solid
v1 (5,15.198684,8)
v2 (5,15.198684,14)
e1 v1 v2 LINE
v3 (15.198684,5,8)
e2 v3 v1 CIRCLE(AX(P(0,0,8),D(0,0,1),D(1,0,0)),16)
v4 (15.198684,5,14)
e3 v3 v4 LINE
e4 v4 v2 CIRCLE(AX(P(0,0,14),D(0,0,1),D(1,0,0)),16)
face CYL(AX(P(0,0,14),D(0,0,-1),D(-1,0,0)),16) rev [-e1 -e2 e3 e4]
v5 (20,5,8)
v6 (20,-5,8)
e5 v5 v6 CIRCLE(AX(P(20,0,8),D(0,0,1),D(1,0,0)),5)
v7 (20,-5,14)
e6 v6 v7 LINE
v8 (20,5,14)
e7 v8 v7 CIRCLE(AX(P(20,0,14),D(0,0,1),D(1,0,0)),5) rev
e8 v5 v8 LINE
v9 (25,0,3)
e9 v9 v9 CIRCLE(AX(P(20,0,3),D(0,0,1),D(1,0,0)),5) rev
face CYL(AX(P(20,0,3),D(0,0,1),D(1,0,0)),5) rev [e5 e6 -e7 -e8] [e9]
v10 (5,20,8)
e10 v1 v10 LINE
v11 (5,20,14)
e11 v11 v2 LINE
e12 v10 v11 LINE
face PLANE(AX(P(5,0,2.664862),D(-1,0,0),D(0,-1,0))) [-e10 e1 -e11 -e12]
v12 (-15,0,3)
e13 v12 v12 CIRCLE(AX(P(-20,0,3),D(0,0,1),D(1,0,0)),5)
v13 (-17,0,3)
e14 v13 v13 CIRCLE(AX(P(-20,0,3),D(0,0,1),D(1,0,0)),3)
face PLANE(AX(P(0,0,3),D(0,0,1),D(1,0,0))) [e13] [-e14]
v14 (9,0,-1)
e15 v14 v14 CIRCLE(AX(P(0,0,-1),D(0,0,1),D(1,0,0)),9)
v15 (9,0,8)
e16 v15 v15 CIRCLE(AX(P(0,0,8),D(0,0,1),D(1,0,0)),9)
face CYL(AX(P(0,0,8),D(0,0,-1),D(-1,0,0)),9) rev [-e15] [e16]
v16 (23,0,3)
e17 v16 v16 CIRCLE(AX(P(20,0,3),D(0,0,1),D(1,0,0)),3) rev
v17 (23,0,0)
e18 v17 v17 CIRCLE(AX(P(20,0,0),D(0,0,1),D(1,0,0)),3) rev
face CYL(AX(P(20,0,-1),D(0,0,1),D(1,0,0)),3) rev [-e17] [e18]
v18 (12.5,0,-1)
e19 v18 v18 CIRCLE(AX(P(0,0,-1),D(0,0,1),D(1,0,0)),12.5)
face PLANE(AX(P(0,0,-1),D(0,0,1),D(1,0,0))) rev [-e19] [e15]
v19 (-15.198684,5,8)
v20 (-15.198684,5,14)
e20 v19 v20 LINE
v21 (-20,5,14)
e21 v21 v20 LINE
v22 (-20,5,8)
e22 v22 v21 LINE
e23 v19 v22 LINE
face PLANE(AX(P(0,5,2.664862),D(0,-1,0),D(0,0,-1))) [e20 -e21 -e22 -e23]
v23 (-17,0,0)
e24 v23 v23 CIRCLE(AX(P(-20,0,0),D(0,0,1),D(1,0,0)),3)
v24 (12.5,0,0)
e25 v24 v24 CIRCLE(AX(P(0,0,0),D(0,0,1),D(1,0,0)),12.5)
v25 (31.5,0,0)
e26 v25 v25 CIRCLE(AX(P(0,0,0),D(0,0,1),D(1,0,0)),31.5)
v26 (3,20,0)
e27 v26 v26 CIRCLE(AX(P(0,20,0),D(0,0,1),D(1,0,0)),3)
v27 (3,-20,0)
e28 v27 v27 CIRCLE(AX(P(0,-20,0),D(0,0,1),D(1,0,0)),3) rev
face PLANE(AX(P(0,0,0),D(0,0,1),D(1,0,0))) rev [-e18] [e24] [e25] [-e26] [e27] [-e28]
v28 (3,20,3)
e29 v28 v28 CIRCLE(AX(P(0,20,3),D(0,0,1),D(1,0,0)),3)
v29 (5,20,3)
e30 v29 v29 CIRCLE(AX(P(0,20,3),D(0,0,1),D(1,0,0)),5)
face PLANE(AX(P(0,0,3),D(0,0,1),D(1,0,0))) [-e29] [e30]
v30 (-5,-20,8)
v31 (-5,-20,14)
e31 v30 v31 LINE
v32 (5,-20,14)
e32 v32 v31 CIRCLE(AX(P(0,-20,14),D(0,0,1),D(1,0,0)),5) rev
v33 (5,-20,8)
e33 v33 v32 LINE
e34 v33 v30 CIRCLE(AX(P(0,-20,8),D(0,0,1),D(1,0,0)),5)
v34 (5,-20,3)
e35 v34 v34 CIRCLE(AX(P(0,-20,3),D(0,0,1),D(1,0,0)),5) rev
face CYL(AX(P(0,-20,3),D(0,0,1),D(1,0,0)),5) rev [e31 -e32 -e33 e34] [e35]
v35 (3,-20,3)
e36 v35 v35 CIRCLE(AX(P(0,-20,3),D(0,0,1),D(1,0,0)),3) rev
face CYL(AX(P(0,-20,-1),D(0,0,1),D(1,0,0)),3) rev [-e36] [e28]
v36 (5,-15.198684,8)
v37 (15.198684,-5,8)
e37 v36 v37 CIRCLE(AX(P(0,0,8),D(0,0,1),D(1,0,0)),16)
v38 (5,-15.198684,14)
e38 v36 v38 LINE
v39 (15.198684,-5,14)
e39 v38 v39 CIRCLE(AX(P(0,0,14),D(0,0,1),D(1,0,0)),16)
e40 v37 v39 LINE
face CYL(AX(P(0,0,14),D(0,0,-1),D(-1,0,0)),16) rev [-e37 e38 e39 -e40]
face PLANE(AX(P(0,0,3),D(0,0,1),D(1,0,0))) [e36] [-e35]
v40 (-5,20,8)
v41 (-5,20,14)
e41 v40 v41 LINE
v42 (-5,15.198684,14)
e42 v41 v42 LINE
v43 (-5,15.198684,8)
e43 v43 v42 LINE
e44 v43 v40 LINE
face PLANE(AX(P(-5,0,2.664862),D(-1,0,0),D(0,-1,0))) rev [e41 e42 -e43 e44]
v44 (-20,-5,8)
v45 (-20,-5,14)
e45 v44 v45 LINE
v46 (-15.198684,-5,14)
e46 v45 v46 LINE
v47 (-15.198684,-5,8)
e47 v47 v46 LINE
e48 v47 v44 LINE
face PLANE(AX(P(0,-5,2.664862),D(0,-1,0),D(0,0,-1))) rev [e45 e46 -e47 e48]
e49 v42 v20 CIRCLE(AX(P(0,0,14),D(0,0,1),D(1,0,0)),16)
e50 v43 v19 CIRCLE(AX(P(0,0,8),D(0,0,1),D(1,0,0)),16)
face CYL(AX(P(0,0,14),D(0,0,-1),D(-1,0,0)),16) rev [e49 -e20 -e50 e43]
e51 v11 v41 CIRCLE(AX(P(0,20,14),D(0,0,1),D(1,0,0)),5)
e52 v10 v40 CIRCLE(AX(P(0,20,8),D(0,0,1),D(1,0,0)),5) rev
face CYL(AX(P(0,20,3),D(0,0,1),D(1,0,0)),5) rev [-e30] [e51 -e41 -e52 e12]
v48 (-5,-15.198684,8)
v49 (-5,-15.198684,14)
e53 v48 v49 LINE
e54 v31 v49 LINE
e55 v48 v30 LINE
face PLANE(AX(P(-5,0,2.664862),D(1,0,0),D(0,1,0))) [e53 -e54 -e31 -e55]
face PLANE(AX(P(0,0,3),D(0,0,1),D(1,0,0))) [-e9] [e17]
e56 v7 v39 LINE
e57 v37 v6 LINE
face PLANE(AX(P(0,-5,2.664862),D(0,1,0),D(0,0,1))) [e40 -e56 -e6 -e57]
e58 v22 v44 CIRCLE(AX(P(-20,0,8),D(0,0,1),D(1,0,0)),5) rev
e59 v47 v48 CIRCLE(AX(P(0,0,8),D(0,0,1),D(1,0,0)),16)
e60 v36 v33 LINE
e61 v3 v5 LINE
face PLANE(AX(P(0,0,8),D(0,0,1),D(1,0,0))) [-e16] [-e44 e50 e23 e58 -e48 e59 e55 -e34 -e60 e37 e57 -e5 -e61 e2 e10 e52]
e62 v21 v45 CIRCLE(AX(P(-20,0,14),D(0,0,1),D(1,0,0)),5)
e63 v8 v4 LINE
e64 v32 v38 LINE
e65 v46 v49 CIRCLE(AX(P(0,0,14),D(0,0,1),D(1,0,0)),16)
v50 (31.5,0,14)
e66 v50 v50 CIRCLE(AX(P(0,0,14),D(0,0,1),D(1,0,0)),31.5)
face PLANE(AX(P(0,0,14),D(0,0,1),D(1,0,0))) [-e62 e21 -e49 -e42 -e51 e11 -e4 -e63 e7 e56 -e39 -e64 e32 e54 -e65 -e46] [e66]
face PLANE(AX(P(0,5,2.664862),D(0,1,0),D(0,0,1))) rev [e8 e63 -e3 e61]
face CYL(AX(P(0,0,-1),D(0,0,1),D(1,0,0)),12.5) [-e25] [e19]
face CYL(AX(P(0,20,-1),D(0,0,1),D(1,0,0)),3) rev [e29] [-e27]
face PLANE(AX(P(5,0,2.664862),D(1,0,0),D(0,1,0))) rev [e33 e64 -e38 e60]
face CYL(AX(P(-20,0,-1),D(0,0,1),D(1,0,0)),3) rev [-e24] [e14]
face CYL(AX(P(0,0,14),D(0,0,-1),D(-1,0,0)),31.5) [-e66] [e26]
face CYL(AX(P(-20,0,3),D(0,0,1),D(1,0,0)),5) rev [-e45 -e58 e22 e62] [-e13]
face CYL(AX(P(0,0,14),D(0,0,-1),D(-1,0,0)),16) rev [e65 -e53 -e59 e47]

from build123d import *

# Parameters (mm, degrees)
SKETCH1_R           = 31.5
SKETCH1_R_2         = 16
BOSS_EXTRUDE1_DEPTH = 14
SKETCH1_3_R         = 16
SKETCH1_3_R_2       = 12.5
SKETCH1_3_R_3       = 9
BOSS_EXTRUDE2_DEPTH = 8
SKETCH1_4_R         = 12.5
SKETCH1_4_R_2       = 9
BOSS_EXTRUDE3_DEPTH = 1
SKETCH2_R           = 3
CUT_EXTRUDE1_DEPTH  = 16
CUT_EXTRUDE2_DEPTH  = 6
SKETCH2_4_R         = 5
CUT_EXTRUDE3_DEPTH  = 11


with BuildPart() as part:
    # Sketch1 → Boss-Extrude1 (new body)
    with BuildSketch(Plane.XY):
        Circle(SKETCH1_R)
        Circle(SKETCH1_R_2, mode=Mode.SUBTRACT)
    extrude(amount=BOSS_EXTRUDE1_DEPTH)

    # Sketch1<3> → Boss-Extrude2 (add)
    with BuildSketch(Plane.XY):
        Circle(SKETCH1_3_R)
        Circle(SKETCH1_3_R_2, mode=Mode.SUBTRACT)
        Circle(SKETCH1_3_R_2)
        Circle(SKETCH1_3_R_3, mode=Mode.SUBTRACT)
    extrude(amount=BOSS_EXTRUDE2_DEPTH)

    # Sketch1<4> → Boss-Extrude3 (add)
    with BuildSketch(Plane.XY):
        Circle(SKETCH1_4_R)
        Circle(SKETCH1_4_R_2, mode=Mode.SUBTRACT)
    extrude(amount=-BOSS_EXTRUDE3_DEPTH)

    # Sketch2 → Cut-Extrude1 (cut, through all)
    with BuildSketch(Plane.XY.offset(14)):
        with Locations((-20, 0)):
            Circle(SKETCH2_R)
        with Locations((0, 20)):
            Circle(SKETCH2_R)
        with Locations((20, 0)):
            Circle(SKETCH2_R)
        with Locations((0, -20)):
            Circle(SKETCH2_R)
    extrude(amount=-CUT_EXTRUDE1_DEPTH, mode=Mode.SUBTRACT)

    # Sketch2<3> → Cut-Extrude2 (cut)
    with BuildSketch(Plane.XY.offset(14)):
        with BuildLine():
            Line((-20, -5), (-15.198684154, -5))
            ThreePointArc((-15.198684154, -5), (-15.53045532, -3.847721084), (-15.775, -2.67383152))
            ThreePointArc((-15.775, -2.67383152), (-17.588481557, -4.380020411), (-20, -5))
        make_face()
        with BuildLine():
            ThreePointArc((-20, 5), (-17.588481557, 4.380020411), (-15.775, 2.67383152))
            ThreePointArc((-15.775, 2.67383152), (-15.53045532, 3.847721084), (-15.198684154, 5))
            Line((-15.198684154, 5), (-20, 5))
        make_face()
        with BuildLine():
            Line((-5, 20), (-5, 15.198684154))
            ThreePointArc((-5, 15.198684154), (-3.847721084, 15.53045532), (-2.67383152, 15.775))
            ThreePointArc((-2.67383152, 15.775), (-4.380020411, 17.588481557), (-5, 20))
        make_face()
        with BuildLine():
            Line((5, 15.198684154), (5, 20))
            ThreePointArc((5, 20), (4.380020411, 17.588481557), (2.67383152, 15.775))
            ThreePointArc((2.67383152, 15.775), (3.847721084, 15.53045532), (5, 15.198684154))
        make_face()
        with BuildLine():
            ThreePointArc((-2.67383152, -15.775), (-3.847721084, -15.53045532), (-5, -15.198684154))
            Line((-5, -15.198684154), (-5, -20))
            ThreePointArc((-5, -20), (-4.380020411, -17.588481557), (-2.67383152, -15.775))
        make_face()
        with BuildLine():
            ThreePointArc((2.67383152, -15.775), (4.380020411, -17.588481557), (5, -20))
            Line((5, -20), (5, -15.198684154))
            ThreePointArc((5, -15.198684154), (3.847721084, -15.53045532), (2.67383152, -15.775))
        make_face()
        with BuildLine():
            ThreePointArc((15.775, -2.67383152), (15.53045532, -3.847721084), (15.198684154, -5))
            Line((15.198684154, -5), (20, -5))
            ThreePointArc((20, -5), (17.588481557, -4.380020411), (15.775, -2.67383152))
        make_face()
        with BuildLine():
            Line((20, 5), (15.198684154, 5))
            ThreePointArc((15.198684154, 5), (15.53045532, 3.847721084), (15.775, 2.67383152))
            ThreePointArc((15.775, 2.67383152), (17.588481557, 4.380020411), (20, 5))
        make_face()
    extrude(amount=-CUT_EXTRUDE2_DEPTH, mode=Mode.SUBTRACT)

    # Sketch2<4> → Cut-Extrude3 (cut)
    with BuildSketch(Plane.XY.offset(14)):
        with Locations((-20, 0)):
            Circle(SKETCH2_4_R)
        with Locations((20, 0)):
            Circle(SKETCH2_4_R)
        with Locations((0, 20)):
            Circle(SKETCH2_4_R)
        with Locations((0, -20)):
            Circle(SKETCH2_4_R)
    extrude(amount=-CUT_EXTRUDE3_DEPTH, mode=Mode.SUBTRACT)


solid = part.part
